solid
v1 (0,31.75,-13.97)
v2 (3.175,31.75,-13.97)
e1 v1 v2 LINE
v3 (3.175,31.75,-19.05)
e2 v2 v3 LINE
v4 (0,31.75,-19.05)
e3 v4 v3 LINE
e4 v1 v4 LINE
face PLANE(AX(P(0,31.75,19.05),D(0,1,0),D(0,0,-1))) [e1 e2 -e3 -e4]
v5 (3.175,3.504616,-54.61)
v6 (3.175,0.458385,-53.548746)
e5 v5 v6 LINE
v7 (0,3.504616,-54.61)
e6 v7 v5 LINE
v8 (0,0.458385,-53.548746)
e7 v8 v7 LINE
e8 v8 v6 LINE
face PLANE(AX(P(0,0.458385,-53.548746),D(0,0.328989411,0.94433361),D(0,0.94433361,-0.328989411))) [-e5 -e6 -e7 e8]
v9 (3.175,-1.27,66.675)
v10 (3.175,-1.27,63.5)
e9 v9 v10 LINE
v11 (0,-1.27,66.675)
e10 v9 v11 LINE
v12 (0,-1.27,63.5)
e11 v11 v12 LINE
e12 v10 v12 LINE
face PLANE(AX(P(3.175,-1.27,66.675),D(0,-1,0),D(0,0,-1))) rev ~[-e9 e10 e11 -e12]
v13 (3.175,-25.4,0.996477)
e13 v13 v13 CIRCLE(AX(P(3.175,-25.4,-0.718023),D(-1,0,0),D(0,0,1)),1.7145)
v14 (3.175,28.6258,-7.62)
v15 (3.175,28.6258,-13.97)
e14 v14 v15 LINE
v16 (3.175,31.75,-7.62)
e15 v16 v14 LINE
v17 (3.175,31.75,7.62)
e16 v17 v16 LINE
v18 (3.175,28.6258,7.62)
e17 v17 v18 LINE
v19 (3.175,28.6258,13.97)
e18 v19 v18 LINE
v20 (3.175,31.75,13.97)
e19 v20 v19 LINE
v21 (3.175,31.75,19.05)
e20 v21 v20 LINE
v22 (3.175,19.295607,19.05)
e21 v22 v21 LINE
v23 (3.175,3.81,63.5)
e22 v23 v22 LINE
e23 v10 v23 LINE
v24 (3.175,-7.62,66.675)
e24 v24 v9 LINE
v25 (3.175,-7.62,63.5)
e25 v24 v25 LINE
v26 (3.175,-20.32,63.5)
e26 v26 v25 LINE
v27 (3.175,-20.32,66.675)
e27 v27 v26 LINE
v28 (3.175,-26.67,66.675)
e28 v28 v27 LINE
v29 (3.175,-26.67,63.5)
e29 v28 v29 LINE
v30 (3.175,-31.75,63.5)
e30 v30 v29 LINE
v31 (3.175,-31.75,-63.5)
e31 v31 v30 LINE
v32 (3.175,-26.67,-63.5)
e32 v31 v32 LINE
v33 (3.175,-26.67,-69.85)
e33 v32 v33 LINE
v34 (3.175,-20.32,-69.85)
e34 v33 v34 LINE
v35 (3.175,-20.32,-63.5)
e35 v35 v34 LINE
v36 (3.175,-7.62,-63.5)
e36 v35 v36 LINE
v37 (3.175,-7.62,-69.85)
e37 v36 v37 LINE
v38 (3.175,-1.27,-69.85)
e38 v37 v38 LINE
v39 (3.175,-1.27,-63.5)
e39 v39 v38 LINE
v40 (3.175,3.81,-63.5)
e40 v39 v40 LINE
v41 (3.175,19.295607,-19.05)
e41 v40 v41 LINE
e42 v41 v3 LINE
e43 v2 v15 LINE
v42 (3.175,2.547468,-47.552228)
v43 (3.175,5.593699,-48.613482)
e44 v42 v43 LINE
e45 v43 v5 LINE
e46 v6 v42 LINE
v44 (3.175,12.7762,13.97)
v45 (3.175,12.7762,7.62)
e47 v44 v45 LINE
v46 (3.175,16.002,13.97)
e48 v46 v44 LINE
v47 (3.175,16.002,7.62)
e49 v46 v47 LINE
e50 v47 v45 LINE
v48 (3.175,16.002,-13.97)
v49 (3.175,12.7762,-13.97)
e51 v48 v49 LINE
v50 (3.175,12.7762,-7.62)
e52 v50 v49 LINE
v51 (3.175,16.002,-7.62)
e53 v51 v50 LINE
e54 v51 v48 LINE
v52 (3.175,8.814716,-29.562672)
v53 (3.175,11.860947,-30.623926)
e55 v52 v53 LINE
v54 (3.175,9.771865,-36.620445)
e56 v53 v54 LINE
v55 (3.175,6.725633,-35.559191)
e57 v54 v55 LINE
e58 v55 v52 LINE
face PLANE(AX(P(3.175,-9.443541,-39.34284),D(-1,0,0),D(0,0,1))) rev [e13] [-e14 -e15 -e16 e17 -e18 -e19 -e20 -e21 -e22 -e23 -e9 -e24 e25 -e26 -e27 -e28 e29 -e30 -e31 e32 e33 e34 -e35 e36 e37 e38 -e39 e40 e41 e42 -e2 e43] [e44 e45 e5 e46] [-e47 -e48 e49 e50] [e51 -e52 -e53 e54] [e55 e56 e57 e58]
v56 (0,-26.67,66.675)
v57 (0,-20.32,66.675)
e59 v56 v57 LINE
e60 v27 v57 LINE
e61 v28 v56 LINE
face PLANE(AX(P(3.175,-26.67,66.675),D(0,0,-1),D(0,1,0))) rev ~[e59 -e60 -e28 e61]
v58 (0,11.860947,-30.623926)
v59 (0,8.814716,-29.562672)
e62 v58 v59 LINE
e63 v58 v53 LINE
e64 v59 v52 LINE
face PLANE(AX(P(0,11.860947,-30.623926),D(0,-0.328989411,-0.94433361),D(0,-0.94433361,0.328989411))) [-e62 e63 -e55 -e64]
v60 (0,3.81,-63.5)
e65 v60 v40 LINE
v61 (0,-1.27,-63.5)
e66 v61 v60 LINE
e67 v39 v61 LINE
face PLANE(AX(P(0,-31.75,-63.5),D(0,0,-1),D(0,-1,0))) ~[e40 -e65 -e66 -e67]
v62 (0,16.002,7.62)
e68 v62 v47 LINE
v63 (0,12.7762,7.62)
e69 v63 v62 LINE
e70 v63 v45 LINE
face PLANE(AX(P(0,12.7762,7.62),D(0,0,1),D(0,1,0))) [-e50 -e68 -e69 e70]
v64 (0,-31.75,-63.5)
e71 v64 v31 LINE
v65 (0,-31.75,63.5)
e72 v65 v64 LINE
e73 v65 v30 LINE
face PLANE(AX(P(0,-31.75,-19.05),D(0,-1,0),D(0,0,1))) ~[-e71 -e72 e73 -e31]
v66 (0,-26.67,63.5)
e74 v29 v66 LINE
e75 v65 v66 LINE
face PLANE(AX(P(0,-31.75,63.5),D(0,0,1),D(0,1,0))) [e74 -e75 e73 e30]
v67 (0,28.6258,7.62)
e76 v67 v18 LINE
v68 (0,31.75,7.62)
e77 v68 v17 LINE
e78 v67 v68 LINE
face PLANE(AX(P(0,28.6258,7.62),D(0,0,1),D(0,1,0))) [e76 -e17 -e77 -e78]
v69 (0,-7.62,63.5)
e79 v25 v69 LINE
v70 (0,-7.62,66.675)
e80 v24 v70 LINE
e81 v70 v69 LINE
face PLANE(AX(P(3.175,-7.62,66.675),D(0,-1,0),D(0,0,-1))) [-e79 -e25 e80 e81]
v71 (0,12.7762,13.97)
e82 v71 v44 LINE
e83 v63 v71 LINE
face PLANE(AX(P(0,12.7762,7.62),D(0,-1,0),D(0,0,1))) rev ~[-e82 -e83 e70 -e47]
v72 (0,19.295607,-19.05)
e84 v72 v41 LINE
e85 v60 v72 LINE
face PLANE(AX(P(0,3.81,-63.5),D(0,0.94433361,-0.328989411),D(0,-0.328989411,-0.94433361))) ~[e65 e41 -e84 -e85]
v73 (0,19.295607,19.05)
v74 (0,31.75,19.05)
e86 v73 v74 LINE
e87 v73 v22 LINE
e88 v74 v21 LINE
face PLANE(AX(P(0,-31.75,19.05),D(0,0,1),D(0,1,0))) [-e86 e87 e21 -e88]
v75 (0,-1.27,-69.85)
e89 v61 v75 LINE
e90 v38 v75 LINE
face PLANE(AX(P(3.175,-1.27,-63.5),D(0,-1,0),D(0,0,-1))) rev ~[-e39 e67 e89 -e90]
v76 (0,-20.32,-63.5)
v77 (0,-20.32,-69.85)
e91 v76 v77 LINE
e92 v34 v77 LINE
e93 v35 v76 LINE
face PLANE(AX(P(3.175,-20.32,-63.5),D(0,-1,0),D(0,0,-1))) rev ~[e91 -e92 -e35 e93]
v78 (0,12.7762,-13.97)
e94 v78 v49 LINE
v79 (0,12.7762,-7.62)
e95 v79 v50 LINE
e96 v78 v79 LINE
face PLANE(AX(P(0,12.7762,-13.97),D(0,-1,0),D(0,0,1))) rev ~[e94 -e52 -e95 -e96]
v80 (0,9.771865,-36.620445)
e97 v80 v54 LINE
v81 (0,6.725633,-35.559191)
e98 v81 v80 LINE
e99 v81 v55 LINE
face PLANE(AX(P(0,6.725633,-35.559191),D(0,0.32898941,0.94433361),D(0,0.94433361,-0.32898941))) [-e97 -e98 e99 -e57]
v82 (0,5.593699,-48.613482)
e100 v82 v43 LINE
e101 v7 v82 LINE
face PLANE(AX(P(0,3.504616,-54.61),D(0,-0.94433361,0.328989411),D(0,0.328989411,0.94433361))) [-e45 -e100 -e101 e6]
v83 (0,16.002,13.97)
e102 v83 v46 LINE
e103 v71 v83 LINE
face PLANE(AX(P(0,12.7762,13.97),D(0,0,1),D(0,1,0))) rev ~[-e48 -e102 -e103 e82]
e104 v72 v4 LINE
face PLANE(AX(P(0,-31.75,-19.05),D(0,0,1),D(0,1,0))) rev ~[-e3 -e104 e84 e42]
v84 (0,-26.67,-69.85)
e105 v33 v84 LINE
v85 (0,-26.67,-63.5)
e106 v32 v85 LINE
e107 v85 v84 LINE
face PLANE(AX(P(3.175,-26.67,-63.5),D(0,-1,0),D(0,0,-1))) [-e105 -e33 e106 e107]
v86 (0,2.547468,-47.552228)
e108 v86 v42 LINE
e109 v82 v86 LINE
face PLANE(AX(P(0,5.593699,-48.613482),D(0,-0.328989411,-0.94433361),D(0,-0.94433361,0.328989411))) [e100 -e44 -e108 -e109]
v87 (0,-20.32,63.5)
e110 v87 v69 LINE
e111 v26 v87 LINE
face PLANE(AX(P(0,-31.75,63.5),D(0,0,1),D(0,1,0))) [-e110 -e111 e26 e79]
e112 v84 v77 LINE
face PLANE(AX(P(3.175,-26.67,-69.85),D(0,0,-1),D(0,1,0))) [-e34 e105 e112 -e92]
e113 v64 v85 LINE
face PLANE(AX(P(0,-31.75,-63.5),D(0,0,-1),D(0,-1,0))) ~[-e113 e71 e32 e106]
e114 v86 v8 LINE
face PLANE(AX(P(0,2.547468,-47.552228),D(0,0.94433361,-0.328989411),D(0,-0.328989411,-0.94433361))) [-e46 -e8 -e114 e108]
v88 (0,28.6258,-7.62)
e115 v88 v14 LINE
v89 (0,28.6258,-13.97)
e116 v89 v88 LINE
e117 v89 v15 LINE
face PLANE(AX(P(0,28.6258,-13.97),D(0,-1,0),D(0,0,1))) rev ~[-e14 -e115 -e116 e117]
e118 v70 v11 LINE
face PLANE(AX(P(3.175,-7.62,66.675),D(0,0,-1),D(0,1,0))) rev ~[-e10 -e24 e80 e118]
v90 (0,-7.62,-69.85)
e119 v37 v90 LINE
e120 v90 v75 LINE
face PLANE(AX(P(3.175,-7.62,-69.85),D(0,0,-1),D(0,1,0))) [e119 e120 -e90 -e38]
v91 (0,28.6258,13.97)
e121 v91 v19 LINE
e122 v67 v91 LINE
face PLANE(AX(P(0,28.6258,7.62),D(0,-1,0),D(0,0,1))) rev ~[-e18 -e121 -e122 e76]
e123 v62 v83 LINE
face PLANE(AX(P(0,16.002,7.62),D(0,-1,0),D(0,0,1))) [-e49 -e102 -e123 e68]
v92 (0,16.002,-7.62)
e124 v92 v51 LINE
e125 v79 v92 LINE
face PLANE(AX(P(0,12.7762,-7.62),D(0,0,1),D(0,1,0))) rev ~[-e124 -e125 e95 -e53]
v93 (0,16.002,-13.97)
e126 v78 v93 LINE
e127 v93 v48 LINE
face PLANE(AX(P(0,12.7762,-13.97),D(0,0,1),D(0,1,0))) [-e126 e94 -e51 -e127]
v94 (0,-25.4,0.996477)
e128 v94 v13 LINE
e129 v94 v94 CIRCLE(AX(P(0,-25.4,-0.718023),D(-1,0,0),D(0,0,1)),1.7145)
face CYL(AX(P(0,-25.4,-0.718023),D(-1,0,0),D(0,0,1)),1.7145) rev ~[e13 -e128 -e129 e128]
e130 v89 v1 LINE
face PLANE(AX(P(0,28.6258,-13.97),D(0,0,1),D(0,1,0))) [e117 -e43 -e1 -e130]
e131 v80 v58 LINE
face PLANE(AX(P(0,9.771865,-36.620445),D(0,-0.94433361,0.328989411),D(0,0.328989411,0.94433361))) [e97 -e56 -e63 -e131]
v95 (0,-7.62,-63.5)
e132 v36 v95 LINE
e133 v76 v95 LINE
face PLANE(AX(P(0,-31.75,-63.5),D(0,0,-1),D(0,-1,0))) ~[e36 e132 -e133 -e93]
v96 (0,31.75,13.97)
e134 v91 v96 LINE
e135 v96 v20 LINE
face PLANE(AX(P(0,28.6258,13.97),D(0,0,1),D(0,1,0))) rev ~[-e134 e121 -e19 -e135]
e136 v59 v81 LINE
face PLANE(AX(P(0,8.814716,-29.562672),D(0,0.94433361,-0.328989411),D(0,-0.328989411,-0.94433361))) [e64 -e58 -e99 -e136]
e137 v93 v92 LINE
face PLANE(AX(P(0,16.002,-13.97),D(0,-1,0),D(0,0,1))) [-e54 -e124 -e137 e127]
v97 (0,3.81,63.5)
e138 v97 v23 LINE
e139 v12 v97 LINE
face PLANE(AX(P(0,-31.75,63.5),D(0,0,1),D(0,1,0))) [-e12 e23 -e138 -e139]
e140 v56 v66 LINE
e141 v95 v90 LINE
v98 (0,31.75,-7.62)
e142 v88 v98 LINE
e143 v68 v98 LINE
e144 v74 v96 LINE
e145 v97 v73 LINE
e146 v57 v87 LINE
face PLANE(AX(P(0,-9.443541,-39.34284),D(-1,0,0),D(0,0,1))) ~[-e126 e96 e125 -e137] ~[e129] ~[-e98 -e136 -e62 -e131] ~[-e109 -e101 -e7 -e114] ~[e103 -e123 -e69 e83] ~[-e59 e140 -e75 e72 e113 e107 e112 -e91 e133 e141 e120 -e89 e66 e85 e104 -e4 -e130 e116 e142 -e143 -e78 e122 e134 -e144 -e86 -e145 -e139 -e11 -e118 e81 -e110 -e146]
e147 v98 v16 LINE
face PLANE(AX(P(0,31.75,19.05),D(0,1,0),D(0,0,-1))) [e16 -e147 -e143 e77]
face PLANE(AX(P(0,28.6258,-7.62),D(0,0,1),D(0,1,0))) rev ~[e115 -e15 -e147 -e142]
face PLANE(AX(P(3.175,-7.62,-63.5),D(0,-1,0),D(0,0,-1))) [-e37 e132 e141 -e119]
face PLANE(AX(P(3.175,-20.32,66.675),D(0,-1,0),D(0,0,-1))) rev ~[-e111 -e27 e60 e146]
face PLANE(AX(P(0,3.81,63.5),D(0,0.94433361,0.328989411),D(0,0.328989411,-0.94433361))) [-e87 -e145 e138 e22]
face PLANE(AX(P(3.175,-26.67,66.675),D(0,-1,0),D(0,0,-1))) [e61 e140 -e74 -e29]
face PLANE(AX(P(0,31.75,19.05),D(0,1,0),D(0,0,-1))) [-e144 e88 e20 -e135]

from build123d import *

# Parameters (mm, degrees)
SKETCH1_W                      = 38.1
SKETCH1_H                      = 63.5
BOSS_EXTRUDE1_DEPTH            = 3.175
SKETCH2_W                      = 6.35
SKETCH2_H                      = 3.1242
CUT_EXTRUDE1_DEPTH             = 4.175
SKETCH3_W                      = 6.35
SKETCH3_H                      = 3.2258
CUT_FOR_TABS_SERVO_PLATE_DEPTH = 4.175
BASE_EXTENSION_DEPTH           = 3.175
SKETCH5_W                      = 6.35
SKETCH5_H                      = 6.35
SKETCH5_W_2                    = 3.175
TABS_DEPTH                     = 3.175
CUT_FOR_NECK_COVER_TABS_DEPTH  = 4.175
SKETCH7_R                      = 1.7145
CUT_EXTRUDE2_DEPTH             = 4.175


with BuildPart() as part:
    # Sketch1 → Boss-Extrude1 (new body)
    with BuildSketch(Plane(origin=(0, 0, 0), x_dir=(0, 0, -1), z_dir=(1, 0, 0))):
        Rectangle(SKETCH1_W, SKETCH1_H)
    extrude(amount=BOSS_EXTRUDE1_DEPTH)

    # Sketch2 → Cut-Extrude1 (cut, through all)
    with BuildSketch(Plane.ZY):
        with Locations((-10.795, 30.1879)):
            Rectangle(SKETCH2_W, SKETCH2_H)
        with Locations((10.795, 30.1879)):
            Rectangle(SKETCH2_W, SKETCH2_H)
    extrude(amount=-CUT_EXTRUDE1_DEPTH, mode=Mode.SUBTRACT)

    # Sketch3 → cut for tabs servo plate (cut, through all)
    with BuildSketch(Plane.ZY):
        with Locations((-10.795, 14.3891)):
            Rectangle(SKETCH3_W, SKETCH3_H)
        with Locations((10.795, 14.3891)):
            Rectangle(SKETCH3_W, SKETCH3_H)
    extrude(amount=-CUT_FOR_TABS_SERVO_PLATE_DEPTH, mode=Mode.SUBTRACT)

    # Sketch4 → base extension (add)
    with BuildSketch(Plane.ZY):
        Polygon((19.05, -31.75), (63.5, -31.75), (63.5, 3.81), (19.05, 19.295607145), align=None)
    base_extension = extrude(amount=-BASE_EXTENSION_DEPTH)

    # Mirror1: base extension across plane
    add(base_extension.mirror(Plane.XY))

    # Sketch5 → tabs (add)
    with BuildSketch(Plane(origin=(3.175, 0, 0), x_dir=(0, 0, -1), z_dir=(1, 0, 0))):
        with Locations((66.675, -4.445)):
            Rectangle(SKETCH5_W, SKETCH5_H)
        with Locations((66.675, -23.495)):
            Rectangle(SKETCH5_W, SKETCH5_H)
        with Locations((-65.0875, -4.445)):
            Rectangle(SKETCH5_W_2, SKETCH5_H)
        with Locations((-65.0875, -23.495)):
            Rectangle(SKETCH5_W_2, SKETCH5_H)
    extrude(amount=-TABS_DEPTH)

    # Sketch6 → cut for neck cover tabs (cut, through all)
    with BuildSketch(Plane.ZY):
        Polygon((-36.620444722, 9.771864523), (-30.623926297, 11.860947281), (-29.562672256, 8.814715921), (-35.559190682, 6.725633163), align=None)
        Polygon((-48.613481574, 5.593699008), (-47.552227533, 2.547467647), (-53.548745959, 0.45838489), (-54.61, 3.50461625), align=None)
    extrude(amount=-CUT_FOR_NECK_COVER_TABS_DEPTH, mode=Mode.SUBTRACT)

    # Sketch7 → Cut-Extrude2 (cut, through all)
    with BuildSketch(Plane.ZY):
        with Locations((-0.718022777, -25.4)):
            Circle(SKETCH7_R)
    extrude(amount=-CUT_EXTRUDE2_DEPTH, mode=Mode.SUBTRACT)


solid = part.part
